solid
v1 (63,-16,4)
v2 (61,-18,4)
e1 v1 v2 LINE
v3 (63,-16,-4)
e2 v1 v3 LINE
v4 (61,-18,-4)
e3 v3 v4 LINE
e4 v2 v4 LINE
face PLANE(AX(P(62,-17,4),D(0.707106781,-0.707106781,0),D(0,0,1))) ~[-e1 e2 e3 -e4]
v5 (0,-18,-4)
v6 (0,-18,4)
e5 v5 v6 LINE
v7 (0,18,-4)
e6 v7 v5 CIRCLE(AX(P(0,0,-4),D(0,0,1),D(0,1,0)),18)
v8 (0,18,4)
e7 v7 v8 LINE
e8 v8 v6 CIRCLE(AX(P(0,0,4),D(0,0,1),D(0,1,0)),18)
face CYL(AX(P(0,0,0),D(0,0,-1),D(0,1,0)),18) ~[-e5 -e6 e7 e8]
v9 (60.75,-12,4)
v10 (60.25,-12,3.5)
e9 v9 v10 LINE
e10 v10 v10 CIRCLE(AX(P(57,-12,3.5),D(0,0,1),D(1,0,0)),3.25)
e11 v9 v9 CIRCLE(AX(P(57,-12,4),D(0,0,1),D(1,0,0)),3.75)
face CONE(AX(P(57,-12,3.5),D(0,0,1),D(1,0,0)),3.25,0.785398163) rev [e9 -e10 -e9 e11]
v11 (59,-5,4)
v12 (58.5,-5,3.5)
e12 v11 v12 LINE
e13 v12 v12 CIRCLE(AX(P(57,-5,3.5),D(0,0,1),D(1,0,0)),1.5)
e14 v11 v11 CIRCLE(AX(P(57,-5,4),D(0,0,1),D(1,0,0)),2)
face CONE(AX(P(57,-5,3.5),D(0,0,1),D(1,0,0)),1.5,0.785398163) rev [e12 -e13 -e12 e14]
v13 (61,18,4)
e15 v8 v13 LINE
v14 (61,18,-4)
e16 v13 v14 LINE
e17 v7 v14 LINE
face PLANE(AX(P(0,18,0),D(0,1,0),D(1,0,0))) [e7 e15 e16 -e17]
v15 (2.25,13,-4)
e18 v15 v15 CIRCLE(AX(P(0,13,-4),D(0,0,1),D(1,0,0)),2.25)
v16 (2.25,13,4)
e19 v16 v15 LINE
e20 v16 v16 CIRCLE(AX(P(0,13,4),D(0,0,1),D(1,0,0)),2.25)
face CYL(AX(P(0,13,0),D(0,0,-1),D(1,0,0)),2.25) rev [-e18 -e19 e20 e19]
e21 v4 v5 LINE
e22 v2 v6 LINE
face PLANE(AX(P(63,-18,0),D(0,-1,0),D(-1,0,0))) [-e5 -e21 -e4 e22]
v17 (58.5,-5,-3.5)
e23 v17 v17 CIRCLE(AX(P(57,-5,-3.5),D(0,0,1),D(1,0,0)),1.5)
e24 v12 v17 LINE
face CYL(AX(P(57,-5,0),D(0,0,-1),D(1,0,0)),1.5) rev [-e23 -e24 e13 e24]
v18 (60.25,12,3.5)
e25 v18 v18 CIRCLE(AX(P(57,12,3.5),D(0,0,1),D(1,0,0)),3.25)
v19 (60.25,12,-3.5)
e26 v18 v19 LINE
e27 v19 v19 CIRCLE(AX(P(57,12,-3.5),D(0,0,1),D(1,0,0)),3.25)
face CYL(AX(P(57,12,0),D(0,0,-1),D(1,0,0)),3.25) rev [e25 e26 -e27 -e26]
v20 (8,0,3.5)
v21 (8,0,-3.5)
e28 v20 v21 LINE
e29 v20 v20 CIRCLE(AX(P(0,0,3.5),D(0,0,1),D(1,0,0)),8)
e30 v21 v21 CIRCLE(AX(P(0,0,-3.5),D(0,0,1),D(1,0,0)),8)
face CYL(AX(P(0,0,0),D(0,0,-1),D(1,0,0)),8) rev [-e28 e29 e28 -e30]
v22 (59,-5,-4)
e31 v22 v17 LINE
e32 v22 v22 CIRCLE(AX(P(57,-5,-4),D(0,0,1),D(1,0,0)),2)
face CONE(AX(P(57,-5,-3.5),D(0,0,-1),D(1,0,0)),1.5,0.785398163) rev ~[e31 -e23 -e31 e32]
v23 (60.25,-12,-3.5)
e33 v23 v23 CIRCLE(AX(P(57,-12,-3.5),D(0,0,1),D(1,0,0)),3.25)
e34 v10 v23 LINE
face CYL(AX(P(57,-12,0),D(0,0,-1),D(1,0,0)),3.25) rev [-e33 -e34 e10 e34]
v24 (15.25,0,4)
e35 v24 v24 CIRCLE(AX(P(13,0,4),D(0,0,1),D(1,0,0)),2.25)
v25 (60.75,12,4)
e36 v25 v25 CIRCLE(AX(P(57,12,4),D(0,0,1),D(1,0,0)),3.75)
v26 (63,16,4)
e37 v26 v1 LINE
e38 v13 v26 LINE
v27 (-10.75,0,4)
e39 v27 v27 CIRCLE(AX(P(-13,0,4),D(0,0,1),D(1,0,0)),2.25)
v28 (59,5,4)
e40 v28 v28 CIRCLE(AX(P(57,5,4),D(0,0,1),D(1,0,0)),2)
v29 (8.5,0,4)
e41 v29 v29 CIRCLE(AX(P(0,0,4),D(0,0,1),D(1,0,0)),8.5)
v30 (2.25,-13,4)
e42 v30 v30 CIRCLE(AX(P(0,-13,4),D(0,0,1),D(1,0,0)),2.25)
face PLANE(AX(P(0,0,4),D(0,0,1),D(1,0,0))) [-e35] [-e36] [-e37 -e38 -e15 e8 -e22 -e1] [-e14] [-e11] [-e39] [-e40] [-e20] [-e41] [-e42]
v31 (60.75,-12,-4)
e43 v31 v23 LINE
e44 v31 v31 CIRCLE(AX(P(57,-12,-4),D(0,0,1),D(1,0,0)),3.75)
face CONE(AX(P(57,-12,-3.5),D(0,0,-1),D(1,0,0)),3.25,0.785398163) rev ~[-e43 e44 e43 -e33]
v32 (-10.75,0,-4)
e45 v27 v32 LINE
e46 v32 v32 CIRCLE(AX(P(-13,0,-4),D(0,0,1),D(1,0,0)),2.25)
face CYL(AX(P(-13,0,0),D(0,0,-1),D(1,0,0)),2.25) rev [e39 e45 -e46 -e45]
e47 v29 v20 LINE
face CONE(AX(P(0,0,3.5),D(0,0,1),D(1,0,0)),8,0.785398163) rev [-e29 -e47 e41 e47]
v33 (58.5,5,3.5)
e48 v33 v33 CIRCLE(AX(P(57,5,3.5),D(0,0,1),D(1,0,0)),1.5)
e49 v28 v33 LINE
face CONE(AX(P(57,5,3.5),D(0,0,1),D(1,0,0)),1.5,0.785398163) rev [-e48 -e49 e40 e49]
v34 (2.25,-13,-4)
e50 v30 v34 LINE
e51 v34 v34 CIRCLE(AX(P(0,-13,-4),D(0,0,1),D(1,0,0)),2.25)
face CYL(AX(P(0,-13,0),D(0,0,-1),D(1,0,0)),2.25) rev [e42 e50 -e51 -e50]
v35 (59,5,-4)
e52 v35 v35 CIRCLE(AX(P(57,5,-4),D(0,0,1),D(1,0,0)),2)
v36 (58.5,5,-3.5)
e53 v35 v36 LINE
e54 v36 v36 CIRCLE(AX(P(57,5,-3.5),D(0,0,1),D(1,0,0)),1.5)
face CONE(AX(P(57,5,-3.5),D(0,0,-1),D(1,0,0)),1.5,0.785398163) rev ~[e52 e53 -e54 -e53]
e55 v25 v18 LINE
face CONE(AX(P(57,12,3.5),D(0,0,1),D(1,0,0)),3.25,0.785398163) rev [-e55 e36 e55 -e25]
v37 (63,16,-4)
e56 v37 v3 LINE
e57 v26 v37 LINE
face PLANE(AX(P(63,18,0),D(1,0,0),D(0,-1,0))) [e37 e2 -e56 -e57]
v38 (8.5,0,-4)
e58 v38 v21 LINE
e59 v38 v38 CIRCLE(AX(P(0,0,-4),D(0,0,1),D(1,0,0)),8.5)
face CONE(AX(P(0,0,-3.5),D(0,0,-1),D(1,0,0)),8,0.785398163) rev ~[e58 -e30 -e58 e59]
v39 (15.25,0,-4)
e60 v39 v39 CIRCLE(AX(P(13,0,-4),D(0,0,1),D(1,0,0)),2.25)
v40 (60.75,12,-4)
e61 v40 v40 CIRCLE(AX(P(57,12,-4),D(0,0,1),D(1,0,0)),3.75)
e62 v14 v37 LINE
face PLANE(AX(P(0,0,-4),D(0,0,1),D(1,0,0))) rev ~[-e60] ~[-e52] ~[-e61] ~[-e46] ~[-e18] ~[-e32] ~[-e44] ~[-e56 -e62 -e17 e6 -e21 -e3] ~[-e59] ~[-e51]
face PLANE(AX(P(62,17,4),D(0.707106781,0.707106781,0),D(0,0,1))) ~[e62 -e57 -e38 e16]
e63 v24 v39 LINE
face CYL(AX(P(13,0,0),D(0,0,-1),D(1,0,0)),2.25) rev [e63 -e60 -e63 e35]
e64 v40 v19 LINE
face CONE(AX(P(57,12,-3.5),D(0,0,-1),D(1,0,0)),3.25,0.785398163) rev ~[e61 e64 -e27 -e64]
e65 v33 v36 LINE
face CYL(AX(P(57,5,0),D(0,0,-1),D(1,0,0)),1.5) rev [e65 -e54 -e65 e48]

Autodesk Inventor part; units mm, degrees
ref_plane "YZ Plane" through (0, 0, 0) normal (1, 0, 0) x (0, 1, 0)
ref_plane "XZ Plane" through (0, 0, 0) normal (0, 1, 0) x (-1, 0, 0)
ref_plane "XY Plane" through (0, 0, 0) normal (0, 0, 1) x (1, 0, 0)
sketch "Sketch1" plane through (0, 0, 0) normal (0, 0, 1) x (1, 0, 0)
  circle A0 centre (0, 0) radius 8
  circle A1 centre (0, 0) radius 13 construction
  line L0 (0, 18) -> (63, 18)
  line L1 (63, 18) -> (63, -18)
  line L2 (63, -18) -> (0, -18)
  arc A2 (0, 18) -> (0, -18) centre (0, 0) ccw
  circle A3 centre (0, 13) radius 2.25
  circle A4 centre (-13, 0) radius 2.25
  circle A5 centre (0, -13) radius 2.25
  circle A6 centre (13, 0) radius 2.25
  line L3 (63, 0) -> (0, 0) construction
  circle A7 centre (57, 5) radius 1.5
  circle A8 centre (57, 12) radius 3.25
  circle A9 centre (57, -5) radius 1.5
  circle A10 centre (57, -12) radius 3.25
  dimension "d1" = 26
  dimension "d0" = 16
  dimension "d2" = 63
  dimension "d3" = 18
  dimension "d4" = 4.5
  dimension "d7" = 360
  dimension "d9" = 3
  dimension "d10" = 6.5
  dimension "d11" = 10
  dimension "d12" = 24
  dimension "d13" = 57
extrude "Extrusion1" add sketch "Sketch1" along normal mid plane 8
chamfer "Chamfer1" distance 0.5 angle 45 10 edges at (-8, 0, 4) (-8, 0, -4) (53.75, -12, 4) (53.75, -12, -4) (55.5, -5, 4) (55.5, -5, -4) (55.5, 5, -4) (55.5, 5, 4) (53.75, 12, 4) (53.75, 12, -4)
chamfer "Chamfer2" distance 2 angle 45 2 edges at (63, 18, 0) (63, -18, 0)
properties part number "Support"
